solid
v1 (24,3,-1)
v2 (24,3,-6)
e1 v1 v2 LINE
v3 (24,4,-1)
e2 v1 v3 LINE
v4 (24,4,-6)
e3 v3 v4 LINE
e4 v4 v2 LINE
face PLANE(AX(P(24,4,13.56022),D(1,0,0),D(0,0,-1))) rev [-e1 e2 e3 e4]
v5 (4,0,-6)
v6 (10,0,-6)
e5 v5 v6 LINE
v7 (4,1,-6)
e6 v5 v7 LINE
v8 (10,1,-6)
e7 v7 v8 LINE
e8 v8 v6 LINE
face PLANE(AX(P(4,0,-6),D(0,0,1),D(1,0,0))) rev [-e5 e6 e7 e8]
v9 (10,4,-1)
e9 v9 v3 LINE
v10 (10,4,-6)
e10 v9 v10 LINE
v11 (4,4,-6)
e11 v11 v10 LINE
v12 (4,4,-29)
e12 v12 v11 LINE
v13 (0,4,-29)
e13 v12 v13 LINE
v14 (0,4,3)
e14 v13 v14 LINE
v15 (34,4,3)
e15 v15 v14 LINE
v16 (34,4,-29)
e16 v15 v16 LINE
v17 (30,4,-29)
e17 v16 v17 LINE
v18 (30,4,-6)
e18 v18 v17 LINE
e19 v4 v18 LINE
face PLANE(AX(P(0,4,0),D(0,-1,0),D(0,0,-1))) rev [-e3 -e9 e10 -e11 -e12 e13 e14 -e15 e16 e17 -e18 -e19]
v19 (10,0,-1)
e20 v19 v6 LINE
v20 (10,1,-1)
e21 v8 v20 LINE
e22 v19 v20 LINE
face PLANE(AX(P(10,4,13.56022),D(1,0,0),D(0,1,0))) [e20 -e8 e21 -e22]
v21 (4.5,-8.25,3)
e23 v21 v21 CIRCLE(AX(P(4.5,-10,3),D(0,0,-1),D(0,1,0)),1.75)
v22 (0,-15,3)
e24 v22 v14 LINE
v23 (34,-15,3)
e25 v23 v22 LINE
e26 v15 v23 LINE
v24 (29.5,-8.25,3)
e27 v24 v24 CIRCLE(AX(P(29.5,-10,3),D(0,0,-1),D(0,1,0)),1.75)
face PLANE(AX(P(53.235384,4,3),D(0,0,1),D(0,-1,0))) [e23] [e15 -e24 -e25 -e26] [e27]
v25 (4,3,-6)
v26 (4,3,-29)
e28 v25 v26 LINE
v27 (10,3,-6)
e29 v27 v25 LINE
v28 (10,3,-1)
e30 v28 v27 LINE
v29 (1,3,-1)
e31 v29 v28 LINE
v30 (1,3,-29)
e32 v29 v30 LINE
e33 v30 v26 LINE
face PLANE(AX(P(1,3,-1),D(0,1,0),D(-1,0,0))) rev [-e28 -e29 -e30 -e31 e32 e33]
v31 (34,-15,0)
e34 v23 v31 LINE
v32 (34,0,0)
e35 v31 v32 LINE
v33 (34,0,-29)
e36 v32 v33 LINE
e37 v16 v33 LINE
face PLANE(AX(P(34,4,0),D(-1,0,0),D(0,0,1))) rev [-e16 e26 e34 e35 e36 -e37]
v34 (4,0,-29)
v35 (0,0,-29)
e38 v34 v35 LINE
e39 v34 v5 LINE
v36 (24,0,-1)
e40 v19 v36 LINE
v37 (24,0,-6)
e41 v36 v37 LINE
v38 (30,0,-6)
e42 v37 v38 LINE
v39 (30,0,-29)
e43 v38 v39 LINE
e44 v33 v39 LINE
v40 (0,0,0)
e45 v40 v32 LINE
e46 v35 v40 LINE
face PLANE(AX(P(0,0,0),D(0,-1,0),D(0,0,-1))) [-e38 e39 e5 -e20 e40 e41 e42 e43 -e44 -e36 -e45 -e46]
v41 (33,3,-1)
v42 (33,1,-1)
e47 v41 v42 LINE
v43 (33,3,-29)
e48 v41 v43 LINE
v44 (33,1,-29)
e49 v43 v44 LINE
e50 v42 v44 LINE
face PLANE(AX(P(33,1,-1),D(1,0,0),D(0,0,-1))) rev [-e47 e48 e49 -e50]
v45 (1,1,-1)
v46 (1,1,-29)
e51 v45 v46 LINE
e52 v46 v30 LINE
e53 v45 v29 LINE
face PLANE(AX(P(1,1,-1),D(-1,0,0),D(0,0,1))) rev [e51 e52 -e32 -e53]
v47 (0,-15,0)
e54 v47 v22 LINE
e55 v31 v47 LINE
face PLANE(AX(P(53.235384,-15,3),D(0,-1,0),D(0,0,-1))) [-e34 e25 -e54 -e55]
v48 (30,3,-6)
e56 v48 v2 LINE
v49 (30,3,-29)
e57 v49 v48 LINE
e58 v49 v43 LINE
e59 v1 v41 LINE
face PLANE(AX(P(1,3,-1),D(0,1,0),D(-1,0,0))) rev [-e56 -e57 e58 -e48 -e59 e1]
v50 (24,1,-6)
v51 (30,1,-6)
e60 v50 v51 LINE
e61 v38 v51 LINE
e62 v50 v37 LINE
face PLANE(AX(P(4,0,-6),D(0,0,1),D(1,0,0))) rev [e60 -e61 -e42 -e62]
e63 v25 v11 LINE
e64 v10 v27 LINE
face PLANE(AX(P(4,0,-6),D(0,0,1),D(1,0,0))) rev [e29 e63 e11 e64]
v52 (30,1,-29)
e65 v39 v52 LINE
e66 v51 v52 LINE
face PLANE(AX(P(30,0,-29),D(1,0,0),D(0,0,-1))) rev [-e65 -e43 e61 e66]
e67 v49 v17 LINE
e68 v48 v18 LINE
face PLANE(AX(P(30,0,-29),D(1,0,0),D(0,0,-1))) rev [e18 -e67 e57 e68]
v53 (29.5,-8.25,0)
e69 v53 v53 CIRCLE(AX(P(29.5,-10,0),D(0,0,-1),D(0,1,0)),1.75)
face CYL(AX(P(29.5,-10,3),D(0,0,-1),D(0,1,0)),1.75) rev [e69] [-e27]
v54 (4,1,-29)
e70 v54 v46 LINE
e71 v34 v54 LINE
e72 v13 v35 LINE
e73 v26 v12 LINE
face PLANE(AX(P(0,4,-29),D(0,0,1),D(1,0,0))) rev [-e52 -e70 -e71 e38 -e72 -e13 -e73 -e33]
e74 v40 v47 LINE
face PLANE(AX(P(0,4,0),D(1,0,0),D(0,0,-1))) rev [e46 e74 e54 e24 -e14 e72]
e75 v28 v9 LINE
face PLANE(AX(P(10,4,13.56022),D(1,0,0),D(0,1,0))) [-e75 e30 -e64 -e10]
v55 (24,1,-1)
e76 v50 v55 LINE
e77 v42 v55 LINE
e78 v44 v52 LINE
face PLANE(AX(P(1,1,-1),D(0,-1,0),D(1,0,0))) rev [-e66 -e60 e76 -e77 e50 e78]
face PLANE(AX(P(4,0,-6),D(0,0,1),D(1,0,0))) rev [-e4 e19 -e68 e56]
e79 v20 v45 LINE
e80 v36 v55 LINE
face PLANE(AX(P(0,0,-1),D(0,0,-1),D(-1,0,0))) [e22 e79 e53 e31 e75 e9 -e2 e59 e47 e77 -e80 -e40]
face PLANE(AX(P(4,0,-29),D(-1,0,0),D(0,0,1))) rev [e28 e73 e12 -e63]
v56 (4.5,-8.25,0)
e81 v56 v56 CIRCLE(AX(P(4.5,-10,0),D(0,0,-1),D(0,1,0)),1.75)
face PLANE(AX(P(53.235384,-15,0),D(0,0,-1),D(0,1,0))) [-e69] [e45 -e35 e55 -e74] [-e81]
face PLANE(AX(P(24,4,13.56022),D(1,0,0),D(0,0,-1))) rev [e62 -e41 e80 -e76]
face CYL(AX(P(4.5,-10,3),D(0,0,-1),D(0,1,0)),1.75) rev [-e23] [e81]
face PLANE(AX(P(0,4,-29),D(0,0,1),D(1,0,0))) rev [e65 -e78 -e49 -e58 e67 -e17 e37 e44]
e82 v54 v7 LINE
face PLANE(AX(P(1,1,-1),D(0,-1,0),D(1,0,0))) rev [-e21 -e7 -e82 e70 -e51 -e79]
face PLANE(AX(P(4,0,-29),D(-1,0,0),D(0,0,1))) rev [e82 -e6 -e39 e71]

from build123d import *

# Parameters (mm, degrees)
SKETCH1_W           = 34
SKETCH1_H           = 29
BOSS_EXTRUDE1_DEPTH = 4
SKETCH2_W           = 26
SKETCH2_H           = 23
CUT_EXTRUDE1_DEPTH  = 45.866468548
SKETCH3_W           = 32
SKETCH3_H           = 2
CUT_EXTRUDE2_DEPTH  = 28
BOSS_EXTRUDE2_DEPTH = 34
SKETCH5_R           = 1.75
CUT_EXTRUDE3_DEPTH  = 48.138094998
SKETCH6_W           = 14
SKETCH6_H           = 4
CUT_EXTRUDE4_DEPTH  = 5


with BuildPart() as part:
    # Sketch1 → Boss-Extrude1 (new body)
    with BuildSketch(Plane(origin=(0, 0, 0), x_dir=(1, 0, 0), z_dir=(0, 1, 0))):
        with Locations((17, 14.5)):
            Rectangle(SKETCH1_W, SKETCH1_H)
    extrude(amount=BOSS_EXTRUDE1_DEPTH)

    # Sketch2 → Cut-Extrude1 (cut, through all)
    with BuildSketch(Plane(origin=(0, 4, 0), x_dir=(1, 0, 0), z_dir=(0, 1, 0))):
        with Locations((17, 17.5)):
            Rectangle(SKETCH2_W, SKETCH2_H)
    extrude(amount=-CUT_EXTRUDE1_DEPTH, mode=Mode.SUBTRACT)

    # Sketch3 → Cut-Extrude2 (cut)
    with BuildSketch(Plane(origin=(0, 0, -29), x_dir=(-1, 0, 0), z_dir=(0, 0, -1))):
        with Locations((-17, 2)):
            Rectangle(SKETCH3_W, SKETCH3_H)
    extrude(amount=-CUT_EXTRUDE2_DEPTH, mode=Mode.SUBTRACT)

    # Sketch4 → Boss-Extrude2 (add)
    with BuildSketch(Plane.ZY):
        Polygon((0, 4), (3, 4), (3, -15), (0, -15), (0, 0), align=None)
    extrude(amount=-BOSS_EXTRUDE2_DEPTH)

    # Sketch5 → Cut-Extrude3 (cut, through all)
    with BuildSketch(Plane(origin=(0, 0, 0), x_dir=(-1, 0, 0), z_dir=(0, 0, -1))):
        with Locations(Location((-29.5, -10, 0), (0, 0, 90))):
            Circle(SKETCH5_R)
        with Locations(Location((-4.5, -10, 0), (0, 0, 90))):
            Circle(SKETCH5_R)
    extrude(amount=-CUT_EXTRUDE3_DEPTH, mode=Mode.SUBTRACT)

    # Sketch6 → Cut-Extrude4 (cut)
    with BuildSketch(Plane(origin=(0, 0, -6), x_dir=(-1, 0, 0), z_dir=(0, 0, -1))):
        with Locations((-17, 2)):
            Rectangle(SKETCH6_W, SKETCH6_H)
    extrude(amount=-CUT_EXTRUDE4_DEPTH, mode=Mode.SUBTRACT)


solid = part.part
